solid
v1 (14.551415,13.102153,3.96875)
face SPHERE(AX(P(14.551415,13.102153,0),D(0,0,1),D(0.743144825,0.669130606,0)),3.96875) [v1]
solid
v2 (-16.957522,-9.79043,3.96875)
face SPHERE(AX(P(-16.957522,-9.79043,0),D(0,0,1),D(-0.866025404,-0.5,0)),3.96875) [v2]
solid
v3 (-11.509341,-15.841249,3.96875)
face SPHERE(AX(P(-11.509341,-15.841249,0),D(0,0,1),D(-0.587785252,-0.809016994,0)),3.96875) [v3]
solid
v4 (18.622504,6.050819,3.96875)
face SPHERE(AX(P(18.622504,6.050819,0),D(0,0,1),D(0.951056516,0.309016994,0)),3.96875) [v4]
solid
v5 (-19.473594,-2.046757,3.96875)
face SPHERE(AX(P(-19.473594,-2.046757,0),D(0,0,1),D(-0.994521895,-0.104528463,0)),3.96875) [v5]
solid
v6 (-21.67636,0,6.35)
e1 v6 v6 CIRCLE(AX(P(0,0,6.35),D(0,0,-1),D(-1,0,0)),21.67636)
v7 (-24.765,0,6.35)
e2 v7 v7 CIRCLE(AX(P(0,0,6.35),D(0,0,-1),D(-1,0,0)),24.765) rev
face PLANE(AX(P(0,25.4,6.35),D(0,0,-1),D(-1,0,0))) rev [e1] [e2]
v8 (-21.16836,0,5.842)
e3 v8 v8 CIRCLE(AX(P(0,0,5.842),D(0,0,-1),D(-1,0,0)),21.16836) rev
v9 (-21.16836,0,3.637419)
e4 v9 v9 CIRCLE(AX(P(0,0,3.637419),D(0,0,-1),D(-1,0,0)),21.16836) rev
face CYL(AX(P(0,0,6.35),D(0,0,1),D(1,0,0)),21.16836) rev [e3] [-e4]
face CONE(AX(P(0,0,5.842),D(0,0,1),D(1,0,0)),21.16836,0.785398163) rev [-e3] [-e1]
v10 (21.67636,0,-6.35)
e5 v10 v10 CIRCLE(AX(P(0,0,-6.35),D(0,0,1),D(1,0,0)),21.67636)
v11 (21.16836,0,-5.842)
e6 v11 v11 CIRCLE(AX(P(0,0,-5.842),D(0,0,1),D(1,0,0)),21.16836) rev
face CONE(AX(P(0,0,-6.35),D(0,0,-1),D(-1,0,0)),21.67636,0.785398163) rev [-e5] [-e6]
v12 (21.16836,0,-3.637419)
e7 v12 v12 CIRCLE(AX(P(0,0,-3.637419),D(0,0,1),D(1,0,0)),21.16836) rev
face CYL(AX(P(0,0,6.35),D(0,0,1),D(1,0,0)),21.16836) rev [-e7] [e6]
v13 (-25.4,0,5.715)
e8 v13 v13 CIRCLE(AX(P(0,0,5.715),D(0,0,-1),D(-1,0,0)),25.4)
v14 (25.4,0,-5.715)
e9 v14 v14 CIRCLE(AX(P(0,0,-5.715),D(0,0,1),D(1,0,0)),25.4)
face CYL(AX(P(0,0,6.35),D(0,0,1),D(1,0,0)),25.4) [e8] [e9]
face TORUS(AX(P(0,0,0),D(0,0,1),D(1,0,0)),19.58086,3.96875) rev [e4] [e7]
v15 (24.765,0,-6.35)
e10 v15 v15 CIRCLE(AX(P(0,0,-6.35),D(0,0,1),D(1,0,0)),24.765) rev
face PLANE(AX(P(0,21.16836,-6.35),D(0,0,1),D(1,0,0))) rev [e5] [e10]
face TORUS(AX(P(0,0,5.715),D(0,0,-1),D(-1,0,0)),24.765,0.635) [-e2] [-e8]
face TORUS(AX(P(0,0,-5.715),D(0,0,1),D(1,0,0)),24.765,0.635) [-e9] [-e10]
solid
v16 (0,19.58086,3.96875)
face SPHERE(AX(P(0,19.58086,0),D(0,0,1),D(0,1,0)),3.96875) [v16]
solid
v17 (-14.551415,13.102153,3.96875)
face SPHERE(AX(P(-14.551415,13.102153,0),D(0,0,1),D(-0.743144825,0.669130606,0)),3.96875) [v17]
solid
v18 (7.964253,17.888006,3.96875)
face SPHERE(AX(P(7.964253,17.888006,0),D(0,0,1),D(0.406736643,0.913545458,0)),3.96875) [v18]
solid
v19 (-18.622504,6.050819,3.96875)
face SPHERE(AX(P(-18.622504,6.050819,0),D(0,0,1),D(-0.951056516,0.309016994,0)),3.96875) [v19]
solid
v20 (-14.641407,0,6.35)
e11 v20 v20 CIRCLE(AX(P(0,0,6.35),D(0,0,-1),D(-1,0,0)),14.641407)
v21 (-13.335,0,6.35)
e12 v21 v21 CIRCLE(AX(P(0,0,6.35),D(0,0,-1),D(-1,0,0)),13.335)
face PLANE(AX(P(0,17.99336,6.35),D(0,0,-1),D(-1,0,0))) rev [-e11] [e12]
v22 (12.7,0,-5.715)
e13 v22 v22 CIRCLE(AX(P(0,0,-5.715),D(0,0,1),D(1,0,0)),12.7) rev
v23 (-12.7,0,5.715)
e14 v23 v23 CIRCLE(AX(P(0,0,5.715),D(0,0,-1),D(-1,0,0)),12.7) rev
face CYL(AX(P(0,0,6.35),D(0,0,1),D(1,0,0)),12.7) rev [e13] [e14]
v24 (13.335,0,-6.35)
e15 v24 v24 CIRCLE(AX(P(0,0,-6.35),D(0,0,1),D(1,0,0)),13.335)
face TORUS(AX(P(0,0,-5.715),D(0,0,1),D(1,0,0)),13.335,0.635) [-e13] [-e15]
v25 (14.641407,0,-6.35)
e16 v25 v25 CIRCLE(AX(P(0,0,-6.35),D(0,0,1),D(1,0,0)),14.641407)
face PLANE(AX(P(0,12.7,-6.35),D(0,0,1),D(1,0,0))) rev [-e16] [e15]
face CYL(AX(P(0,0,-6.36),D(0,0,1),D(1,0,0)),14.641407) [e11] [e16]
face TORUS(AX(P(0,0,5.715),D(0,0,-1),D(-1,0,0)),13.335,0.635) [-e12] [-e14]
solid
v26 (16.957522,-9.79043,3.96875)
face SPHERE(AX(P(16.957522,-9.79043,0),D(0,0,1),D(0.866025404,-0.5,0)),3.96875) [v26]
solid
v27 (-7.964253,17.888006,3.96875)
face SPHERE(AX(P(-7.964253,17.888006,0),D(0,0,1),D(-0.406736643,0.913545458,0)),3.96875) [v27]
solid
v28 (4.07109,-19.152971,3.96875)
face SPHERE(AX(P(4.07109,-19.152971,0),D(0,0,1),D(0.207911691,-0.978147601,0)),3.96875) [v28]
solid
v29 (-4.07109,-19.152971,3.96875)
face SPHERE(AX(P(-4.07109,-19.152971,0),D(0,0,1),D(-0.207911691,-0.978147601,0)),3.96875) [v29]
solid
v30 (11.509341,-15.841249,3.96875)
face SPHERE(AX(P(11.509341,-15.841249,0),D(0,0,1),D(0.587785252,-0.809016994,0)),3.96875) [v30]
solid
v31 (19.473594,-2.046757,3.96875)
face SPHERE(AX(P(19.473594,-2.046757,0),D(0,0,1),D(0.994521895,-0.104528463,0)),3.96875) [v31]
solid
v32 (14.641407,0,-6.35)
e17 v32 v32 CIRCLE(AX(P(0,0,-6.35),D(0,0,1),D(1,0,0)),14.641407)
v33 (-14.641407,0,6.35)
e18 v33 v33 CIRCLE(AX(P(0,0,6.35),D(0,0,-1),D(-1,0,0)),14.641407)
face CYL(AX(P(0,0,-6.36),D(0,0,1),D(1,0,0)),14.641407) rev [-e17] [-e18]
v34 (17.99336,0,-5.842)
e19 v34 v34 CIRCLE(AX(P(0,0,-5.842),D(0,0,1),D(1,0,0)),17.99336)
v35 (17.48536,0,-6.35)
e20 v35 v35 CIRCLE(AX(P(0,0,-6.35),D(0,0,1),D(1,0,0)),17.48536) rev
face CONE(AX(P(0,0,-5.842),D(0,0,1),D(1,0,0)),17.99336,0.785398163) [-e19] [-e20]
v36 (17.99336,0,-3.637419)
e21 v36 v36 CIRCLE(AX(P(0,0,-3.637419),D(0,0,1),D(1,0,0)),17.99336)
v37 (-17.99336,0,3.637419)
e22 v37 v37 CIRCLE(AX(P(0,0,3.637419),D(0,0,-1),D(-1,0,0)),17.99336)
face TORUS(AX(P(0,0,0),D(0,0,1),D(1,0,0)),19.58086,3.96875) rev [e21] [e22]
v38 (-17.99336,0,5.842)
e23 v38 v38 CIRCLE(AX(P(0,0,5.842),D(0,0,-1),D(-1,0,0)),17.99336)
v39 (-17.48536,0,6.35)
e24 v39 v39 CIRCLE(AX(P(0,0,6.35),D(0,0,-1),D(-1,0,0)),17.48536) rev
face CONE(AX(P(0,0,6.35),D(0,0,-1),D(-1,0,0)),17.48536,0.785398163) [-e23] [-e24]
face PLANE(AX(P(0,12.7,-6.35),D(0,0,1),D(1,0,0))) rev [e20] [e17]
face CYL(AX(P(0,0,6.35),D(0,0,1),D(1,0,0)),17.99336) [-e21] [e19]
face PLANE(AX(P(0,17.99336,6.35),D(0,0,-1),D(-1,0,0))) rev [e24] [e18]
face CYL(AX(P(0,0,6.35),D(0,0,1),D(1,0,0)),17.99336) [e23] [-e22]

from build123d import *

# Parameters (mm, degrees)
SKETCH3_W              = 12.7
SKETCH3_H              = 5.29336
SKETCH3_H_2            = 4.23164
SKETCH4_R              = 3.96875
CIRPATTERN1_COUNT      = 15
FILLET1_R              = 0.635
FILLET2_R              = 0.635
CHAMFER1_SIZE          = 0.508
CHAMFER2_SIZE          = 0.508
SPLIT1_SURFACE_1_BACK  = 73.956
SPLIT1_SURFACE_1_DEPTH = 147.912
SPLIT1_SURFACE_2_BACK  = 73.956
SPLIT1_SURFACE_2_DEPTH = 147.912


with BuildPart() as part:
    # Sketch3 → Revolve2 (revolve)
    with BuildSketch(Plane(origin=(0, 0, 0), x_dir=(0, 0, -1), z_dir=(1, 0, 0)), mode=Mode.PRIVATE) as revolve2_sk:
        with Locations((0, 15.34668)):
            Rectangle(SKETCH3_W, SKETCH3_H)
        with Locations((0, 23.28418)):
            Rectangle(SKETCH3_W, SKETCH3_H_2)
    revolve(revolve2_sk.sketch.rotate(Axis((0, 0, 6.35), (0, 0, -1)), 90), axis=Axis((0, 0, 6.35), (0, 0, -1)))

    # Sketch4 → Cut-Revolve1 (revolve, cut)
    with BuildSketch(Plane(origin=(0, 0, 0), x_dir=(0, 0, -1), z_dir=(1, 0, 0)), mode=Mode.PRIVATE) as cut_revolve1_sk:
        with Locations((0, 19.58086)):
            Circle(SKETCH4_R)
    revolve(cut_revolve1_sk.sketch.rotate(Axis((0, 0, 6.35), (0, 0, -1)), 90), axis=Axis((0, 0, 6.35), (0, 0, -1)), mode=Mode.SUBTRACT)

    # Fillet1
    fillet1_edges = [part.edges().sort_by_distance(p)[0] for p in [
        (-25.4, 0, -6.35),
        (-25.4, 0, 6.35),
    ]]
    fillet(fillet1_edges, radius=FILLET1_R)

    # Fillet2
    fillet2_edges = [part.edges().sort_by_distance(p)[0] for p in [
        (-12.7, 0, 6.35),
        (-12.7, 0, -6.35),
    ]]
    fillet(fillet2_edges, radius=FILLET2_R)

    # Chamfer1
    chamfer1_edges = [part.edges().sort_by_distance(p)[0] for p in [
        (-21.16836, 0, -6.35),
        (-21.16836, 0, 6.35),
    ]]
    chamfer(chamfer1_edges, length=CHAMFER1_SIZE)

    # Chamfer2
    chamfer2_edges = [part.edges().sort_by_distance(p)[0] for p in [
        (-17.99336, 0, 6.35),
        (-17.99336, 0, -6.35),
    ]]
    chamfer(chamfer2_edges, length=CHAMFER2_SIZE)


with BuildPart() as body_2:
    # Sketch5 → Revolve3 (revolve)
    with BuildSketch(Plane(origin=(0, 0, 0), x_dir=(0, 0, -1), z_dir=(1, 0, 0))):
        with BuildLine():
            Line((-3.96875, 19.58086), (3.96875, 19.58086))
            ThreePointArc((3.96875, 19.58086), (0, 23.54961), (-3.96875, 19.58086))
        make_face()
    revolve(axis=Axis((0, 19.58086, 3.96875), (0, 0, -1)))


with BuildPart() as cirpattern1_1:
    # CirPattern1: pattern copy
    add(body_2.part.rotate(Axis((0, 0, 0), (0, 0, 1)), 1 * 360 / CIRPATTERN1_COUNT))


with BuildPart() as cirpattern1_2:
    # CirPattern1: pattern copy
    add(body_2.part.rotate(Axis((0, 0, 0), (0, 0, 1)), 2 * 360 / CIRPATTERN1_COUNT))


with BuildPart() as cirpattern1_3:
    # CirPattern1: pattern copy
    add(body_2.part.rotate(Axis((0, 0, 0), (0, 0, 1)), 3 * 360 / CIRPATTERN1_COUNT))


with BuildPart() as cirpattern1_4:
    # CirPattern1: pattern copy
    add(body_2.part.rotate(Axis((0, 0, 0), (0, 0, 1)), 4 * 360 / CIRPATTERN1_COUNT))


with BuildPart() as cirpattern1_5:
    # CirPattern1: pattern copy
    add(body_2.part.rotate(Axis((0, 0, 0), (0, 0, 1)), 5 * 360 / CIRPATTERN1_COUNT))


with BuildPart() as cirpattern1_6:
    # CirPattern1: pattern copy
    add(body_2.part.rotate(Axis((0, 0, 0), (0, 0, 1)), 6 * 360 / CIRPATTERN1_COUNT))


with BuildPart() as cirpattern1_7:
    # CirPattern1: pattern copy
    add(body_2.part.rotate(Axis((0, 0, 0), (0, 0, 1)), 7 * 360 / CIRPATTERN1_COUNT))


with BuildPart() as cirpattern1_8:
    # CirPattern1: pattern copy
    add(body_2.part.rotate(Axis((0, 0, 0), (0, 0, 1)), 8 * 360 / CIRPATTERN1_COUNT))


with BuildPart() as cirpattern1_9:
    # CirPattern1: pattern copy
    add(body_2.part.rotate(Axis((0, 0, 0), (0, 0, 1)), 9 * 360 / CIRPATTERN1_COUNT))


with BuildPart() as cirpattern1_10:
    # CirPattern1: pattern copy
    add(body_2.part.rotate(Axis((0, 0, 0), (0, 0, 1)), 10 * 360 / CIRPATTERN1_COUNT))


with BuildPart() as cirpattern1_11:
    # CirPattern1: pattern copy
    add(body_2.part.rotate(Axis((0, 0, 0), (0, 0, 1)), 11 * 360 / CIRPATTERN1_COUNT))


with BuildPart() as cirpattern1_12:
    # CirPattern1: pattern copy
    add(body_2.part.rotate(Axis((0, 0, 0), (0, 0, 1)), 12 * 360 / CIRPATTERN1_COUNT))


with BuildPart() as cirpattern1_13:
    # CirPattern1: pattern copy
    add(body_2.part.rotate(Axis((0, 0, 0), (0, 0, 1)), 13 * 360 / CIRPATTERN1_COUNT))


with BuildPart() as cirpattern1_14:
    # CirPattern1: pattern copy
    add(body_2.part.rotate(Axis((0, 0, 0), (0, 0, 1)), 14 * 360 / CIRPATTERN1_COUNT))


with BuildPart() as body_17:
    # Split1: the piece behind the surface
    add(part.part)
    # Split1 surface: a surface, the sketch's curves swept straight by 147.912 mm
    with BuildLine(Plane.XY.offset(-SPLIT1_SURFACE_1_BACK), mode=Mode.PRIVATE) as split1_surface_1_path:
        CenterArc((0, 0), 14.641406667, 0, 360)
    split1_surface_1 = Shell.extrude(split1_surface_1_path.wire(), (0 * SPLIT1_SURFACE_1_DEPTH, 0 * SPLIT1_SURFACE_1_DEPTH, 1 * SPLIT1_SURFACE_1_DEPTH))
    split(bisect_by=split1_surface_1, keep=Keep.BOTTOM)


with BuildPart() as part_1:
    add(part.part)

    # Split1: split by a surface, the side it looks to stays
    # Split1 surface: a surface, the sketch's curves swept straight by 147.912 mm
    with BuildLine(Plane.XY.offset(-SPLIT1_SURFACE_2_BACK), mode=Mode.PRIVATE) as split1_surface_2_path:
        CenterArc((0, 0), 14.641406667, 0, 360)
    split1_surface_2 = Shell.extrude(split1_surface_2_path.wire(), (0 * SPLIT1_SURFACE_2_DEPTH, 0 * SPLIT1_SURFACE_2_DEPTH, 1 * SPLIT1_SURFACE_2_DEPTH))
    split(bisect_by=split1_surface_2, keep=Keep.TOP)


solid = Compound([body_2.part, cirpattern1_1.part, cirpattern1_2.part, cirpattern1_3.part, cirpattern1_4.part, cirpattern1_5.part, cirpattern1_6.part, cirpattern1_7.part, cirpattern1_8.part, cirpattern1_9.part, cirpattern1_10.part, cirpattern1_11.part, cirpattern1_12.part, cirpattern1_13.part, cirpattern1_14.part, body_17.part, part_1.part])
